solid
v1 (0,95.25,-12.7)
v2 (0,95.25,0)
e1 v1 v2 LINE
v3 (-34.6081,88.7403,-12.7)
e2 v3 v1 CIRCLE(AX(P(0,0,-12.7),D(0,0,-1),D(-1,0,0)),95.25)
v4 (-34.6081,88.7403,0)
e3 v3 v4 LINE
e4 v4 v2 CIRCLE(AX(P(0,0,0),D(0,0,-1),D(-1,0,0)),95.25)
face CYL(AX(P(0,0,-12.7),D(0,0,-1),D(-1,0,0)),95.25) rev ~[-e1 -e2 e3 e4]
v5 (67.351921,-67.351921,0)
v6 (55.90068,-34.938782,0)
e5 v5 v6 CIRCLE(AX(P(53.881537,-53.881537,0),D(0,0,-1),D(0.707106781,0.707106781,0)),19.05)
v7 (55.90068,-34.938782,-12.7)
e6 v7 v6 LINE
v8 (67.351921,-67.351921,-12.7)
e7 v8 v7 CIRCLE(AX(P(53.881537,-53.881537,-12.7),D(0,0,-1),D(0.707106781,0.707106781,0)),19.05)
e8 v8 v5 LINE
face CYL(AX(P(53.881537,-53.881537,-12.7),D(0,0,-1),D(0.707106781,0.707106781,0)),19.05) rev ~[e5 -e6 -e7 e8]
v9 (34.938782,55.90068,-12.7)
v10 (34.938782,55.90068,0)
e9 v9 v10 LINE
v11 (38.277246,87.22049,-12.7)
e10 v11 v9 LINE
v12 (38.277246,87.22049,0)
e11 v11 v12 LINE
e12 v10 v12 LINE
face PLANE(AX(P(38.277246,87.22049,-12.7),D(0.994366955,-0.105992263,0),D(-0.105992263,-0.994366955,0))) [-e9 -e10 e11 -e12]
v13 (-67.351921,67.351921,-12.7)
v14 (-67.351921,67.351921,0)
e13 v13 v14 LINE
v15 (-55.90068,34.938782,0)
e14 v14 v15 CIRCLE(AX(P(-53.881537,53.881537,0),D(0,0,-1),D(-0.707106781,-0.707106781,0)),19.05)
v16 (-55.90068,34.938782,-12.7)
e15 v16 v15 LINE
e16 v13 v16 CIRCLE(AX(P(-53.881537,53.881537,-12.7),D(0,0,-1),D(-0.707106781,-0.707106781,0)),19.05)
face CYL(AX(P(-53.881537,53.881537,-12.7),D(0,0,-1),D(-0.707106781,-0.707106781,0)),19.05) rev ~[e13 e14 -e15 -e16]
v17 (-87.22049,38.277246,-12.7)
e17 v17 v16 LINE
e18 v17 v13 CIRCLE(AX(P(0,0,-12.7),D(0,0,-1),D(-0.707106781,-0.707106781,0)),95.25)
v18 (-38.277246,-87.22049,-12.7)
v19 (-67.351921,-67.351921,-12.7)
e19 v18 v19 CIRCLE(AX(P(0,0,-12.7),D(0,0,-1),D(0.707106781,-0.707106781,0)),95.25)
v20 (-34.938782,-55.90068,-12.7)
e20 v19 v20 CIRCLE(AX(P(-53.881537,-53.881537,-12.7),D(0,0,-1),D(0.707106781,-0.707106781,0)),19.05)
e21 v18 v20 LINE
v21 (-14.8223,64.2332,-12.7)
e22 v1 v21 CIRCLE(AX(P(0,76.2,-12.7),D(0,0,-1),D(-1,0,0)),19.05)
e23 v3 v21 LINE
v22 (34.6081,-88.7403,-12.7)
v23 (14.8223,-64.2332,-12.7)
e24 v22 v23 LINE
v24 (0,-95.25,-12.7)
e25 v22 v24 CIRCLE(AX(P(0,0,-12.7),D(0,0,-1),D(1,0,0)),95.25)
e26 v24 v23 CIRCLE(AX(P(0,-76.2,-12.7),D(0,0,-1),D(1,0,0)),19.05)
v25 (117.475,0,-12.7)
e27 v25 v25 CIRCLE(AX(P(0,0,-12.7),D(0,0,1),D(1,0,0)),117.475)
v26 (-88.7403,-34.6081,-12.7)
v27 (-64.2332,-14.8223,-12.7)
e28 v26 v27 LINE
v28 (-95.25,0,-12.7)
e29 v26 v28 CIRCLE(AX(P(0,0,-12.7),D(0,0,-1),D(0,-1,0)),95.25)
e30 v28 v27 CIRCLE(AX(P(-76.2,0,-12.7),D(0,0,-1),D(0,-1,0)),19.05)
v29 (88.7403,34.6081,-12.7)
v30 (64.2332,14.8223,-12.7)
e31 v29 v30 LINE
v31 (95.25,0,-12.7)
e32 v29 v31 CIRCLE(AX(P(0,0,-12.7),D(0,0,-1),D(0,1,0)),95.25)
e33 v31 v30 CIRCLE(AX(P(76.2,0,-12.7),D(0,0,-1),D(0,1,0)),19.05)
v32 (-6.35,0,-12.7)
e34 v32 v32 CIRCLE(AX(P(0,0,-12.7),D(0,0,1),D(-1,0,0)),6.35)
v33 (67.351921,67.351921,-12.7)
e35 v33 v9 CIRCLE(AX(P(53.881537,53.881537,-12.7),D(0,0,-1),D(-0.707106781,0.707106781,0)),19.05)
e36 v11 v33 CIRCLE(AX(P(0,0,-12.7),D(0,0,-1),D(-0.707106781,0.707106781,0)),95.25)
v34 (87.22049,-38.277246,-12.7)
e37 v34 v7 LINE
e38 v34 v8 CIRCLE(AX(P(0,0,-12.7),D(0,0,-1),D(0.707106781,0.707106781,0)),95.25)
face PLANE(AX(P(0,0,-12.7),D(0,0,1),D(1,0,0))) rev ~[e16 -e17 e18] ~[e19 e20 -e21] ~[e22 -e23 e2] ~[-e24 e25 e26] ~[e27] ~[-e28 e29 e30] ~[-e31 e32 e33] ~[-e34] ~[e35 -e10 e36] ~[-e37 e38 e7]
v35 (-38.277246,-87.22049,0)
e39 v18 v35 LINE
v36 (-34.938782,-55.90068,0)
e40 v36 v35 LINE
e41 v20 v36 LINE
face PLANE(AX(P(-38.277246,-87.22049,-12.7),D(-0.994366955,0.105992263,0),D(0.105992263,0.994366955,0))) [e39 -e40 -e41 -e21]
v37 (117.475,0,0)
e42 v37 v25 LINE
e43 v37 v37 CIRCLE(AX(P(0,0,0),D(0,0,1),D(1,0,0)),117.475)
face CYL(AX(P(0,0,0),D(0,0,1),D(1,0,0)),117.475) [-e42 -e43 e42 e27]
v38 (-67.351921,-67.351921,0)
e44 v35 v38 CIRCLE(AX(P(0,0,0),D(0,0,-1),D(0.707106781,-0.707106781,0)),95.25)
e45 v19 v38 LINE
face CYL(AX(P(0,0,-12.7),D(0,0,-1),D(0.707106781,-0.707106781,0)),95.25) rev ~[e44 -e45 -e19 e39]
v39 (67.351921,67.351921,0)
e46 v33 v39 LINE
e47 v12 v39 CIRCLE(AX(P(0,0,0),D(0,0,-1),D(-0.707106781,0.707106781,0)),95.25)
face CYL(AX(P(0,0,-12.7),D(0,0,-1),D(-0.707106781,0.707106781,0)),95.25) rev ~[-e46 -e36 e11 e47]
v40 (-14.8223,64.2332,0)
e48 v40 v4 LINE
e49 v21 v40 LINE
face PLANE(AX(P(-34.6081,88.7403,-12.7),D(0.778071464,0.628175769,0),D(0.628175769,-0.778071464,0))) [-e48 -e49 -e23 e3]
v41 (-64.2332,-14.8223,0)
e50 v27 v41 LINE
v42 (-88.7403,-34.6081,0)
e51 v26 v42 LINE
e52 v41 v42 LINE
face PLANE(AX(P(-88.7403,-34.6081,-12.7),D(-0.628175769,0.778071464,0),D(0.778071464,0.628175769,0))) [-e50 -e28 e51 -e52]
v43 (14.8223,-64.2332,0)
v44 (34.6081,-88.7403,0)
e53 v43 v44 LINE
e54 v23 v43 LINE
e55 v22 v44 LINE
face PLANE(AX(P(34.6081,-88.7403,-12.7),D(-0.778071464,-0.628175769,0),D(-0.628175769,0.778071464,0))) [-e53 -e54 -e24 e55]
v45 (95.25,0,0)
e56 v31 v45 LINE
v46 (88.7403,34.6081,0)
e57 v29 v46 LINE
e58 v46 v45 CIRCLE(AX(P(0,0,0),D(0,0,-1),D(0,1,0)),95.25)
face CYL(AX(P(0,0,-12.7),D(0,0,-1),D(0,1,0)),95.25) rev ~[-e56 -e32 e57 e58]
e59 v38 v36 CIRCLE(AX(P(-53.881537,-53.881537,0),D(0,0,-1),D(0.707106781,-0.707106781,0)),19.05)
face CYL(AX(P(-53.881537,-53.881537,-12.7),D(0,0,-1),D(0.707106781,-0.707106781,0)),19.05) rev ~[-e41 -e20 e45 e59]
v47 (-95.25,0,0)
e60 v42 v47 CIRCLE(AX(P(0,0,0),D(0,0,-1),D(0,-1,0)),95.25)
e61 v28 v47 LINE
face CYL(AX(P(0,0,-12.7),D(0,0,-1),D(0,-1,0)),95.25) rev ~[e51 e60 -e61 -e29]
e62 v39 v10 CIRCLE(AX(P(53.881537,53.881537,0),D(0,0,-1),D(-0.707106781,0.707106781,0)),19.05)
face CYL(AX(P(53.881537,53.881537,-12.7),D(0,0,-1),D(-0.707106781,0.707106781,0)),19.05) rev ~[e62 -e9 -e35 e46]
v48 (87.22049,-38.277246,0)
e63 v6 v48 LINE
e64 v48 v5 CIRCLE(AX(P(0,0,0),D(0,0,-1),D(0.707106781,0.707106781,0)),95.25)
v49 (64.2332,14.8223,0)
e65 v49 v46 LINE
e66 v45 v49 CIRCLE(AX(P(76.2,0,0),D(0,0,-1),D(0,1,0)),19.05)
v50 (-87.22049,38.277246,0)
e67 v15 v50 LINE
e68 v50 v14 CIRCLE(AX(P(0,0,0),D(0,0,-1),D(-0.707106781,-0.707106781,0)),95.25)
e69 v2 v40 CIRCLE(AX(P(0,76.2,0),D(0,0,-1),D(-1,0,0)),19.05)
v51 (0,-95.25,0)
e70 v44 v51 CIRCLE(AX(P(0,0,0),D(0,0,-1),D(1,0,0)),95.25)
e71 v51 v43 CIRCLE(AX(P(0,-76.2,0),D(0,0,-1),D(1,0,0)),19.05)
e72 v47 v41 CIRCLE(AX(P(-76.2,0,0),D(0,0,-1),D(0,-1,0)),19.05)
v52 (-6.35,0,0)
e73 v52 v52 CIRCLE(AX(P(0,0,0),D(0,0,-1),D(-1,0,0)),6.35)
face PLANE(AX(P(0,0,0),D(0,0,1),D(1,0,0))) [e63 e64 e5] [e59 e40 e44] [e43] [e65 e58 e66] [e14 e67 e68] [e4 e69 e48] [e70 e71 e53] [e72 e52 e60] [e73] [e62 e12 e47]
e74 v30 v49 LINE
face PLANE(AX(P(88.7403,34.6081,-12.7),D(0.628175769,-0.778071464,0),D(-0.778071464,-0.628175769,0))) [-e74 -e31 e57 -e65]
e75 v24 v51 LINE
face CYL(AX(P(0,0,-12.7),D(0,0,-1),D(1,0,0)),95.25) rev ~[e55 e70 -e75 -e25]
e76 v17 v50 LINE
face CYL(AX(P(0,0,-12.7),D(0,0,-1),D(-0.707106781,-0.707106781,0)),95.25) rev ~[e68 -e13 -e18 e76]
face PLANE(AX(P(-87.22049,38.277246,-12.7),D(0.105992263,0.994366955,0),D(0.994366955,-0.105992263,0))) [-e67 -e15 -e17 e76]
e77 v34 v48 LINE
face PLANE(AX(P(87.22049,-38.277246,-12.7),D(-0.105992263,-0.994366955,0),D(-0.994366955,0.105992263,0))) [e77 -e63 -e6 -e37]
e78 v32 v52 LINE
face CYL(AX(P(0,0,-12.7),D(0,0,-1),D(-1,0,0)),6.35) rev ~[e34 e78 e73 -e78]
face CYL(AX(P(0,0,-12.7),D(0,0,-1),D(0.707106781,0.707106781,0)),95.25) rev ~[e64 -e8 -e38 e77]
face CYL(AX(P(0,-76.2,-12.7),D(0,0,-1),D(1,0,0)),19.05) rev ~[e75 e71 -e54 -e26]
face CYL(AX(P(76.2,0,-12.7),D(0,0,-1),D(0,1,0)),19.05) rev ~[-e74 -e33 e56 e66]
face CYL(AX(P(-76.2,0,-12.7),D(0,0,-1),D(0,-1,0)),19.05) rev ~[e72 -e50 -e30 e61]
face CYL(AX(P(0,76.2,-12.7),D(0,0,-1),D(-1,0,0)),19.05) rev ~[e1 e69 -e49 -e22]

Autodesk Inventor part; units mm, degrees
ref_plane "YZ Plane" through (0, 0, 0) normal (1, 0, 0) x (0, 1, 0)
ref_plane "XZ Plane" through (0, 0, 0) normal (0, 1, 0) x (-1, 0, 0)
ref_plane "XY Plane" through (0, 0, 0) normal (0, 0, 1) x (1, 0, 0)
ref_plane "Work Plane1" through (0, 0, 0) normal (0, 0, 1) x (1, 0, 0)
sketch "Sketch1" plane through (0, 0, 0) normal (0, 0, 1) x (1, 0, 0)
  circle A0 centre (0, 0) radius 117.475 projected
  point P0 (0, 0)
extrude "Extrusion1" add sketch "Sketch1" along normal blind -12.7
sketch "Sketch3" plane through (0, 0, -12.7) normal (0, 0, -1) x (-1, 0, 0)
  circle A0 centre (0, 0) radius 117.475 projected
  circle A1 centre (0, 0) radius 6.35
  circle A2 centre (0, 0) radius 95.25 projected
  circle A3 centre (0, 76.2) radius 19.05
  line L0 (34.6081, 88.7403) -> (14.8223, 64.2332)
  point P0 (0, 95.25)
  dimension "d15" = 12.7
  dimension "d16" = 38.1
extrude "Extrusion5" cut sketch "Sketch3" against normal through all contours A1 | L0 A3 A2 | A3 picked at (25.5173, 87.1725)
pattern_circular "Circular Pattern2" count 8 over 360 about axis through (0, 0, -12.7) along (0, 0, 1) of "Extrusion5"
properties part number "hubSpider" material "Wood (Maple)"
